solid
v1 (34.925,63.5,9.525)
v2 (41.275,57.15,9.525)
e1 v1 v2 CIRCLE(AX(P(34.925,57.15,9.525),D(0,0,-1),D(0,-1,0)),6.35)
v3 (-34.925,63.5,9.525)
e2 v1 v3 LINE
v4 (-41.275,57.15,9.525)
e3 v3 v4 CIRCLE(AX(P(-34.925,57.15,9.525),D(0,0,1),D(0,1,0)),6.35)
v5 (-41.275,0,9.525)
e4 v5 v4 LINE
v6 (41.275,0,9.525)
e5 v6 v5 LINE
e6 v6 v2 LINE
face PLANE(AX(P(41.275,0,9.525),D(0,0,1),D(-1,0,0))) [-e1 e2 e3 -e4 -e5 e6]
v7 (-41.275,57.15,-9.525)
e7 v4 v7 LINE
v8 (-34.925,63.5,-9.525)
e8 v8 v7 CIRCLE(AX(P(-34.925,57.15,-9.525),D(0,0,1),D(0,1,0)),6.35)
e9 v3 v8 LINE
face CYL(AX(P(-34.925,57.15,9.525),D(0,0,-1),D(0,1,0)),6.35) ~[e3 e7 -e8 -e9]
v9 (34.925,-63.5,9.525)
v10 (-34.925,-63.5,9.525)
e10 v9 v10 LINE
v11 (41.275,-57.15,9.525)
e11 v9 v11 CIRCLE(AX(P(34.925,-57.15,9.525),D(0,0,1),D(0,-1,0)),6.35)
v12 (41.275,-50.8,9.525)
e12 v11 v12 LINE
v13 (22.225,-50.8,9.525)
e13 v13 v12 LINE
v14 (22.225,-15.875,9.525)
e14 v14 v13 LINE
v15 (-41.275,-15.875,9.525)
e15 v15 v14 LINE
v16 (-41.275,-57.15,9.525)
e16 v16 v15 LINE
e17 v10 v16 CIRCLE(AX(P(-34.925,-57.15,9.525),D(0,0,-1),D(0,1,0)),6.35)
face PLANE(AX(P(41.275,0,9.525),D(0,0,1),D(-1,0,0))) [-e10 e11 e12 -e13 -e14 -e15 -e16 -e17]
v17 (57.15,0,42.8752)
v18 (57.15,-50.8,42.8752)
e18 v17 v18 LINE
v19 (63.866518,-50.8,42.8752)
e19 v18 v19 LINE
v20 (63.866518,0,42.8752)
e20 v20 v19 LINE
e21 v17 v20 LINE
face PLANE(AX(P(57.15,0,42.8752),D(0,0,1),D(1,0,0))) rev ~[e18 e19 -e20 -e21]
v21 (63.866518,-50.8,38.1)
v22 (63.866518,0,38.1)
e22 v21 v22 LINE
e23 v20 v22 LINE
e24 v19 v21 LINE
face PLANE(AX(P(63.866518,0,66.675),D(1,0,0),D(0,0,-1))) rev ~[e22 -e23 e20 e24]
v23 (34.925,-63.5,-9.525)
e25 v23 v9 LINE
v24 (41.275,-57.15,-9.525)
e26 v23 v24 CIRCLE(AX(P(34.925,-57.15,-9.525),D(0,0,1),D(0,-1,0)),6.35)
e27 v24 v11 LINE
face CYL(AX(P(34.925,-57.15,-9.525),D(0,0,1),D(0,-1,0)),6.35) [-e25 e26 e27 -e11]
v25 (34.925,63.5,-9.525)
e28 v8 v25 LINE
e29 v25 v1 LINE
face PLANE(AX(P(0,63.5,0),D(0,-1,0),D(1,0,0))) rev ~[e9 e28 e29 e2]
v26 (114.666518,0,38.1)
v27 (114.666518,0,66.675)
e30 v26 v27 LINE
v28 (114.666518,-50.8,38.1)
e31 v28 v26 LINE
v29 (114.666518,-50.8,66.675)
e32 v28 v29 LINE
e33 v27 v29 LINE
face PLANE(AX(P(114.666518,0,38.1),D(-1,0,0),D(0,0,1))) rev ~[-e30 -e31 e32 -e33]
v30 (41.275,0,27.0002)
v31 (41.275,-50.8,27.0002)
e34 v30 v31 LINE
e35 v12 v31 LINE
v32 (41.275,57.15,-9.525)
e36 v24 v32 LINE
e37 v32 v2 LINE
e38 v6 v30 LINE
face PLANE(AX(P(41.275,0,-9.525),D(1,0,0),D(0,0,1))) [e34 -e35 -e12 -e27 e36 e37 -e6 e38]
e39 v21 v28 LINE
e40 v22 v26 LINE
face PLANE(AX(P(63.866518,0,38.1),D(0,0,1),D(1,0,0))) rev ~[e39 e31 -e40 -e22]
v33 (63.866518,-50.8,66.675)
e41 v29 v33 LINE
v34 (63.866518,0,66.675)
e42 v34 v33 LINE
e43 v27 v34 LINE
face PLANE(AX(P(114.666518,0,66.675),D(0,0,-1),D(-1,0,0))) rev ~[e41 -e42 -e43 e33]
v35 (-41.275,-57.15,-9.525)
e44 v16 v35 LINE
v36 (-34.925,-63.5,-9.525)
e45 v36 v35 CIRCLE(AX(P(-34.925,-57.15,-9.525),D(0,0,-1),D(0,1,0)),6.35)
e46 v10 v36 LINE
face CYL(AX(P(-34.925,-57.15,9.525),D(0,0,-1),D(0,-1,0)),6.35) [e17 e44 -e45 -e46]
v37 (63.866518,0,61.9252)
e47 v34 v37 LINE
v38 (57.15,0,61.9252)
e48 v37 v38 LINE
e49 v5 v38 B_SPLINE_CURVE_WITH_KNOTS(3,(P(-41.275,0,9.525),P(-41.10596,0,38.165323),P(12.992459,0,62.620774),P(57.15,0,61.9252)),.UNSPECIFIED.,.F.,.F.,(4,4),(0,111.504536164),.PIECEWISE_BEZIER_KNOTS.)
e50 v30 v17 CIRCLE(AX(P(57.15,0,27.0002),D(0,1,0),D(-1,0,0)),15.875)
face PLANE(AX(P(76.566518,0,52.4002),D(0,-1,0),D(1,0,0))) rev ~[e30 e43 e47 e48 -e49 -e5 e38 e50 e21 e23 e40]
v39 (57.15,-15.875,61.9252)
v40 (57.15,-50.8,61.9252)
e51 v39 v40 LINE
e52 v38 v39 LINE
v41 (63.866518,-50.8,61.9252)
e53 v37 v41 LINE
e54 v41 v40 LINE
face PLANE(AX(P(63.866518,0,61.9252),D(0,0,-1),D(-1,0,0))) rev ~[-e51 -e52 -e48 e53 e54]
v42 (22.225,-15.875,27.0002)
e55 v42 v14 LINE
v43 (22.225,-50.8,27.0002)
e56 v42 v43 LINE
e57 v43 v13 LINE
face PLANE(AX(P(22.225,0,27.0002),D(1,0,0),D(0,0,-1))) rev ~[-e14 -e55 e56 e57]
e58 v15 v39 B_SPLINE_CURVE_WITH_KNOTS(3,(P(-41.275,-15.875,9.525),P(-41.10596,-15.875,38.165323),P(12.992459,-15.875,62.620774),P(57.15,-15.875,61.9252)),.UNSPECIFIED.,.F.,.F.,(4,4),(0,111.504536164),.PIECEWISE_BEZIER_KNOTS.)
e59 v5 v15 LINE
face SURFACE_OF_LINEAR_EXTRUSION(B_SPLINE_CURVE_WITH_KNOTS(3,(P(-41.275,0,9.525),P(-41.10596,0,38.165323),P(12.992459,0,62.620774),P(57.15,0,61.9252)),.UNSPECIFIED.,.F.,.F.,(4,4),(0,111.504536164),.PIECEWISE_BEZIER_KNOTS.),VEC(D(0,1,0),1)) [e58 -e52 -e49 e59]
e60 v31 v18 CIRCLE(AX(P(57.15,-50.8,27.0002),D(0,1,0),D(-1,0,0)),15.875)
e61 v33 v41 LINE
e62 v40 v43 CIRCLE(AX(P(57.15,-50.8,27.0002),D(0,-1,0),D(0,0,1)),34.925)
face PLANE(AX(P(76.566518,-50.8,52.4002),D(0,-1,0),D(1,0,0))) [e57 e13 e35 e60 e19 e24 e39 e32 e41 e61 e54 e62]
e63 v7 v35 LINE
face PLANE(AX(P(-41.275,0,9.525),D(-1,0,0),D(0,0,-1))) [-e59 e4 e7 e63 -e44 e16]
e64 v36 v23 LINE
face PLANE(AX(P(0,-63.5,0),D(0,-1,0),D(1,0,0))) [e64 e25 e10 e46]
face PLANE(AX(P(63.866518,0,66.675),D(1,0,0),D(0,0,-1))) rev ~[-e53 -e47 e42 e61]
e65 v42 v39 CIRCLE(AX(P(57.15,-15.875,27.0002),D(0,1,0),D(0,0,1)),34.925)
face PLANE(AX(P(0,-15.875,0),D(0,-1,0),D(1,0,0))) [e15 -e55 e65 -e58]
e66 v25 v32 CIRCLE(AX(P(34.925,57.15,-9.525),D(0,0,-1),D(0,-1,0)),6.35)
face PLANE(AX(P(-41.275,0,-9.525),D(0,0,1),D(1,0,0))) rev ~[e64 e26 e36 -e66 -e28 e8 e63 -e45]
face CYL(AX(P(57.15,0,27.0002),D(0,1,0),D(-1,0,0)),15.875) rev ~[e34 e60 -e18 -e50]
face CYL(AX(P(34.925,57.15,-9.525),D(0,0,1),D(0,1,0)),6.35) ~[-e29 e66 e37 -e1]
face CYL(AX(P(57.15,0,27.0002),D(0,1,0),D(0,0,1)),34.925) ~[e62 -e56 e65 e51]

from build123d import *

# Parameters (mm, degrees)
F1_DEPTH = 63.5
F2_DEPTH = 50.8
F0_W     = 25.4
F0_H     = 19.05
F0_H_2   = 4.7498004709
F0_H_3   = 4.7751995291
F3_DEPTH = 50.8
F4_DEPTH = 15.875
F5_R     = 6.35


with BuildPart() as f1:
    # F0 (on Front) → F1 (new body, symmetric)
    with BuildSketch(Plane.XZ):
        Polygon((-41.275, 9.525), (-41.275, -9.525), (41.275, -9.525), (41.275, 9.525), (22.225, 9.525), align=None)
    extrude(amount=F1_DEPTH, both=True)

    # F0 (on Front) → F2 (join)
    with BuildSketch(Plane.XZ):
        with BuildLine():
            Line((22.225, 9.525), (41.275, 9.525))
            Line((41.275, 9.525), (41.275, 27.0002))
            ThreePointArc((41.275, 27.0002), (45.9246798487, 38.2255201513), (57.15, 42.8752))
            Line((57.15, 42.8752), (63.8665184379, 42.8752))
            Line((63.8665184379, 42.8752), (63.8665184379, 61.9252))
            Line((63.8665184379, 61.9252), (57.15, 61.9252))
            ThreePointArc((57.15, 61.9252), (32.4542956671, 51.6959043329), (22.225, 27.0002))
            Line((22.225, 27.0002), (22.225, 9.525))
        make_face()
    extrude(amount=F2_DEPTH)

    # F0 (on Front) → F3 (join)
    with BuildSketch(Plane.XZ):
        with Locations((76.5665184379, 52.4002)):
            Rectangle(F0_W, F0_H)
        Polygon((89.2665184379, 66.6750004709), (89.2665184379, 61.9252), (89.2665184379, 42.8752), (89.2665184379, 38.1000004709), (114.6665184379, 38.1000004709), (114.6665184379, 66.6750004709), align=None)
        with Locations((76.5665184379, 64.3001002354)):
            Rectangle(F0_W, F0_H_2)
        with Locations((76.5665184379, 40.4876002354)):
            Rectangle(F0_W, F0_H_3)
    extrude(amount=F3_DEPTH)

    # F0 (on Front) → F4 (join)
    with BuildSketch(Plane.XZ):
        Polygon((-41.275, 9.525), (-41.275, -9.525), (41.275, -9.525), (41.275, 9.525), (22.225, 9.525), align=None)
        with BuildLine():
            add(Edge.make_bspline(
                [(-41.275, 9.525), (-41.1059595644, 38.1653234363), (12.9924593493, 62.6207739115), (57.15, 61.9252)],
                knots=[0, 0, 0, 0, 111.5045361635, 111.5045361635, 111.5045361635, 111.5045361635], degree=3))
            Line((-41.275, 9.525), (22.225, 9.525))
            Line((22.225, 9.525), (22.225, 27.0002))
            ThreePointArc((22.225, 27.0002), (32.4542956671, 51.6959043329), (57.15, 61.9252))
        make_face()
        with BuildLine():
            Line((22.225, 9.525), (41.275, 9.525))
            Line((41.275, 9.525), (41.275, 27.0002))
            ThreePointArc((41.275, 27.0002), (45.9246798487, 38.2255201513), (57.15, 42.8752))
            Line((57.15, 42.8752), (63.8665184379, 42.8752))
            Line((63.8665184379, 42.8752), (63.8665184379, 61.9252))
            Line((63.8665184379, 61.9252), (57.15, 61.9252))
            ThreePointArc((57.15, 61.9252), (32.4542956671, 51.6959043329), (22.225, 27.0002))
            Line((22.225, 27.0002), (22.225, 9.525))
        make_face()
        with Locations((76.5665184379, 52.4002)):
            Rectangle(F0_W, F0_H)
        with Locations((76.5665184379, 64.3001002354)):
            Rectangle(F0_W, F0_H_2)
        with Locations((76.5665184379, 40.4876002354)):
            Rectangle(F0_W, F0_H_3)
        Polygon((89.2665184379, 66.6750004709), (89.2665184379, 61.9252), (89.2665184379, 42.8752), (89.2665184379, 38.1000004709), (114.6665184379, 38.1000004709), (114.6665184379, 66.6750004709), align=None)
    extrude(amount=F4_DEPTH)

    # F5
    f5_edges = [f1.edges().sort_by_distance(p)[0] for p in [
        (41.275, -63.5, 0),
        (-41.275, -63.5, 0),
        (41.275, 63.5, 0),
        (-41.275, 63.5, 0),
    ]]
    fillet(f5_edges, radius=F5_R)


solid = f1.part
